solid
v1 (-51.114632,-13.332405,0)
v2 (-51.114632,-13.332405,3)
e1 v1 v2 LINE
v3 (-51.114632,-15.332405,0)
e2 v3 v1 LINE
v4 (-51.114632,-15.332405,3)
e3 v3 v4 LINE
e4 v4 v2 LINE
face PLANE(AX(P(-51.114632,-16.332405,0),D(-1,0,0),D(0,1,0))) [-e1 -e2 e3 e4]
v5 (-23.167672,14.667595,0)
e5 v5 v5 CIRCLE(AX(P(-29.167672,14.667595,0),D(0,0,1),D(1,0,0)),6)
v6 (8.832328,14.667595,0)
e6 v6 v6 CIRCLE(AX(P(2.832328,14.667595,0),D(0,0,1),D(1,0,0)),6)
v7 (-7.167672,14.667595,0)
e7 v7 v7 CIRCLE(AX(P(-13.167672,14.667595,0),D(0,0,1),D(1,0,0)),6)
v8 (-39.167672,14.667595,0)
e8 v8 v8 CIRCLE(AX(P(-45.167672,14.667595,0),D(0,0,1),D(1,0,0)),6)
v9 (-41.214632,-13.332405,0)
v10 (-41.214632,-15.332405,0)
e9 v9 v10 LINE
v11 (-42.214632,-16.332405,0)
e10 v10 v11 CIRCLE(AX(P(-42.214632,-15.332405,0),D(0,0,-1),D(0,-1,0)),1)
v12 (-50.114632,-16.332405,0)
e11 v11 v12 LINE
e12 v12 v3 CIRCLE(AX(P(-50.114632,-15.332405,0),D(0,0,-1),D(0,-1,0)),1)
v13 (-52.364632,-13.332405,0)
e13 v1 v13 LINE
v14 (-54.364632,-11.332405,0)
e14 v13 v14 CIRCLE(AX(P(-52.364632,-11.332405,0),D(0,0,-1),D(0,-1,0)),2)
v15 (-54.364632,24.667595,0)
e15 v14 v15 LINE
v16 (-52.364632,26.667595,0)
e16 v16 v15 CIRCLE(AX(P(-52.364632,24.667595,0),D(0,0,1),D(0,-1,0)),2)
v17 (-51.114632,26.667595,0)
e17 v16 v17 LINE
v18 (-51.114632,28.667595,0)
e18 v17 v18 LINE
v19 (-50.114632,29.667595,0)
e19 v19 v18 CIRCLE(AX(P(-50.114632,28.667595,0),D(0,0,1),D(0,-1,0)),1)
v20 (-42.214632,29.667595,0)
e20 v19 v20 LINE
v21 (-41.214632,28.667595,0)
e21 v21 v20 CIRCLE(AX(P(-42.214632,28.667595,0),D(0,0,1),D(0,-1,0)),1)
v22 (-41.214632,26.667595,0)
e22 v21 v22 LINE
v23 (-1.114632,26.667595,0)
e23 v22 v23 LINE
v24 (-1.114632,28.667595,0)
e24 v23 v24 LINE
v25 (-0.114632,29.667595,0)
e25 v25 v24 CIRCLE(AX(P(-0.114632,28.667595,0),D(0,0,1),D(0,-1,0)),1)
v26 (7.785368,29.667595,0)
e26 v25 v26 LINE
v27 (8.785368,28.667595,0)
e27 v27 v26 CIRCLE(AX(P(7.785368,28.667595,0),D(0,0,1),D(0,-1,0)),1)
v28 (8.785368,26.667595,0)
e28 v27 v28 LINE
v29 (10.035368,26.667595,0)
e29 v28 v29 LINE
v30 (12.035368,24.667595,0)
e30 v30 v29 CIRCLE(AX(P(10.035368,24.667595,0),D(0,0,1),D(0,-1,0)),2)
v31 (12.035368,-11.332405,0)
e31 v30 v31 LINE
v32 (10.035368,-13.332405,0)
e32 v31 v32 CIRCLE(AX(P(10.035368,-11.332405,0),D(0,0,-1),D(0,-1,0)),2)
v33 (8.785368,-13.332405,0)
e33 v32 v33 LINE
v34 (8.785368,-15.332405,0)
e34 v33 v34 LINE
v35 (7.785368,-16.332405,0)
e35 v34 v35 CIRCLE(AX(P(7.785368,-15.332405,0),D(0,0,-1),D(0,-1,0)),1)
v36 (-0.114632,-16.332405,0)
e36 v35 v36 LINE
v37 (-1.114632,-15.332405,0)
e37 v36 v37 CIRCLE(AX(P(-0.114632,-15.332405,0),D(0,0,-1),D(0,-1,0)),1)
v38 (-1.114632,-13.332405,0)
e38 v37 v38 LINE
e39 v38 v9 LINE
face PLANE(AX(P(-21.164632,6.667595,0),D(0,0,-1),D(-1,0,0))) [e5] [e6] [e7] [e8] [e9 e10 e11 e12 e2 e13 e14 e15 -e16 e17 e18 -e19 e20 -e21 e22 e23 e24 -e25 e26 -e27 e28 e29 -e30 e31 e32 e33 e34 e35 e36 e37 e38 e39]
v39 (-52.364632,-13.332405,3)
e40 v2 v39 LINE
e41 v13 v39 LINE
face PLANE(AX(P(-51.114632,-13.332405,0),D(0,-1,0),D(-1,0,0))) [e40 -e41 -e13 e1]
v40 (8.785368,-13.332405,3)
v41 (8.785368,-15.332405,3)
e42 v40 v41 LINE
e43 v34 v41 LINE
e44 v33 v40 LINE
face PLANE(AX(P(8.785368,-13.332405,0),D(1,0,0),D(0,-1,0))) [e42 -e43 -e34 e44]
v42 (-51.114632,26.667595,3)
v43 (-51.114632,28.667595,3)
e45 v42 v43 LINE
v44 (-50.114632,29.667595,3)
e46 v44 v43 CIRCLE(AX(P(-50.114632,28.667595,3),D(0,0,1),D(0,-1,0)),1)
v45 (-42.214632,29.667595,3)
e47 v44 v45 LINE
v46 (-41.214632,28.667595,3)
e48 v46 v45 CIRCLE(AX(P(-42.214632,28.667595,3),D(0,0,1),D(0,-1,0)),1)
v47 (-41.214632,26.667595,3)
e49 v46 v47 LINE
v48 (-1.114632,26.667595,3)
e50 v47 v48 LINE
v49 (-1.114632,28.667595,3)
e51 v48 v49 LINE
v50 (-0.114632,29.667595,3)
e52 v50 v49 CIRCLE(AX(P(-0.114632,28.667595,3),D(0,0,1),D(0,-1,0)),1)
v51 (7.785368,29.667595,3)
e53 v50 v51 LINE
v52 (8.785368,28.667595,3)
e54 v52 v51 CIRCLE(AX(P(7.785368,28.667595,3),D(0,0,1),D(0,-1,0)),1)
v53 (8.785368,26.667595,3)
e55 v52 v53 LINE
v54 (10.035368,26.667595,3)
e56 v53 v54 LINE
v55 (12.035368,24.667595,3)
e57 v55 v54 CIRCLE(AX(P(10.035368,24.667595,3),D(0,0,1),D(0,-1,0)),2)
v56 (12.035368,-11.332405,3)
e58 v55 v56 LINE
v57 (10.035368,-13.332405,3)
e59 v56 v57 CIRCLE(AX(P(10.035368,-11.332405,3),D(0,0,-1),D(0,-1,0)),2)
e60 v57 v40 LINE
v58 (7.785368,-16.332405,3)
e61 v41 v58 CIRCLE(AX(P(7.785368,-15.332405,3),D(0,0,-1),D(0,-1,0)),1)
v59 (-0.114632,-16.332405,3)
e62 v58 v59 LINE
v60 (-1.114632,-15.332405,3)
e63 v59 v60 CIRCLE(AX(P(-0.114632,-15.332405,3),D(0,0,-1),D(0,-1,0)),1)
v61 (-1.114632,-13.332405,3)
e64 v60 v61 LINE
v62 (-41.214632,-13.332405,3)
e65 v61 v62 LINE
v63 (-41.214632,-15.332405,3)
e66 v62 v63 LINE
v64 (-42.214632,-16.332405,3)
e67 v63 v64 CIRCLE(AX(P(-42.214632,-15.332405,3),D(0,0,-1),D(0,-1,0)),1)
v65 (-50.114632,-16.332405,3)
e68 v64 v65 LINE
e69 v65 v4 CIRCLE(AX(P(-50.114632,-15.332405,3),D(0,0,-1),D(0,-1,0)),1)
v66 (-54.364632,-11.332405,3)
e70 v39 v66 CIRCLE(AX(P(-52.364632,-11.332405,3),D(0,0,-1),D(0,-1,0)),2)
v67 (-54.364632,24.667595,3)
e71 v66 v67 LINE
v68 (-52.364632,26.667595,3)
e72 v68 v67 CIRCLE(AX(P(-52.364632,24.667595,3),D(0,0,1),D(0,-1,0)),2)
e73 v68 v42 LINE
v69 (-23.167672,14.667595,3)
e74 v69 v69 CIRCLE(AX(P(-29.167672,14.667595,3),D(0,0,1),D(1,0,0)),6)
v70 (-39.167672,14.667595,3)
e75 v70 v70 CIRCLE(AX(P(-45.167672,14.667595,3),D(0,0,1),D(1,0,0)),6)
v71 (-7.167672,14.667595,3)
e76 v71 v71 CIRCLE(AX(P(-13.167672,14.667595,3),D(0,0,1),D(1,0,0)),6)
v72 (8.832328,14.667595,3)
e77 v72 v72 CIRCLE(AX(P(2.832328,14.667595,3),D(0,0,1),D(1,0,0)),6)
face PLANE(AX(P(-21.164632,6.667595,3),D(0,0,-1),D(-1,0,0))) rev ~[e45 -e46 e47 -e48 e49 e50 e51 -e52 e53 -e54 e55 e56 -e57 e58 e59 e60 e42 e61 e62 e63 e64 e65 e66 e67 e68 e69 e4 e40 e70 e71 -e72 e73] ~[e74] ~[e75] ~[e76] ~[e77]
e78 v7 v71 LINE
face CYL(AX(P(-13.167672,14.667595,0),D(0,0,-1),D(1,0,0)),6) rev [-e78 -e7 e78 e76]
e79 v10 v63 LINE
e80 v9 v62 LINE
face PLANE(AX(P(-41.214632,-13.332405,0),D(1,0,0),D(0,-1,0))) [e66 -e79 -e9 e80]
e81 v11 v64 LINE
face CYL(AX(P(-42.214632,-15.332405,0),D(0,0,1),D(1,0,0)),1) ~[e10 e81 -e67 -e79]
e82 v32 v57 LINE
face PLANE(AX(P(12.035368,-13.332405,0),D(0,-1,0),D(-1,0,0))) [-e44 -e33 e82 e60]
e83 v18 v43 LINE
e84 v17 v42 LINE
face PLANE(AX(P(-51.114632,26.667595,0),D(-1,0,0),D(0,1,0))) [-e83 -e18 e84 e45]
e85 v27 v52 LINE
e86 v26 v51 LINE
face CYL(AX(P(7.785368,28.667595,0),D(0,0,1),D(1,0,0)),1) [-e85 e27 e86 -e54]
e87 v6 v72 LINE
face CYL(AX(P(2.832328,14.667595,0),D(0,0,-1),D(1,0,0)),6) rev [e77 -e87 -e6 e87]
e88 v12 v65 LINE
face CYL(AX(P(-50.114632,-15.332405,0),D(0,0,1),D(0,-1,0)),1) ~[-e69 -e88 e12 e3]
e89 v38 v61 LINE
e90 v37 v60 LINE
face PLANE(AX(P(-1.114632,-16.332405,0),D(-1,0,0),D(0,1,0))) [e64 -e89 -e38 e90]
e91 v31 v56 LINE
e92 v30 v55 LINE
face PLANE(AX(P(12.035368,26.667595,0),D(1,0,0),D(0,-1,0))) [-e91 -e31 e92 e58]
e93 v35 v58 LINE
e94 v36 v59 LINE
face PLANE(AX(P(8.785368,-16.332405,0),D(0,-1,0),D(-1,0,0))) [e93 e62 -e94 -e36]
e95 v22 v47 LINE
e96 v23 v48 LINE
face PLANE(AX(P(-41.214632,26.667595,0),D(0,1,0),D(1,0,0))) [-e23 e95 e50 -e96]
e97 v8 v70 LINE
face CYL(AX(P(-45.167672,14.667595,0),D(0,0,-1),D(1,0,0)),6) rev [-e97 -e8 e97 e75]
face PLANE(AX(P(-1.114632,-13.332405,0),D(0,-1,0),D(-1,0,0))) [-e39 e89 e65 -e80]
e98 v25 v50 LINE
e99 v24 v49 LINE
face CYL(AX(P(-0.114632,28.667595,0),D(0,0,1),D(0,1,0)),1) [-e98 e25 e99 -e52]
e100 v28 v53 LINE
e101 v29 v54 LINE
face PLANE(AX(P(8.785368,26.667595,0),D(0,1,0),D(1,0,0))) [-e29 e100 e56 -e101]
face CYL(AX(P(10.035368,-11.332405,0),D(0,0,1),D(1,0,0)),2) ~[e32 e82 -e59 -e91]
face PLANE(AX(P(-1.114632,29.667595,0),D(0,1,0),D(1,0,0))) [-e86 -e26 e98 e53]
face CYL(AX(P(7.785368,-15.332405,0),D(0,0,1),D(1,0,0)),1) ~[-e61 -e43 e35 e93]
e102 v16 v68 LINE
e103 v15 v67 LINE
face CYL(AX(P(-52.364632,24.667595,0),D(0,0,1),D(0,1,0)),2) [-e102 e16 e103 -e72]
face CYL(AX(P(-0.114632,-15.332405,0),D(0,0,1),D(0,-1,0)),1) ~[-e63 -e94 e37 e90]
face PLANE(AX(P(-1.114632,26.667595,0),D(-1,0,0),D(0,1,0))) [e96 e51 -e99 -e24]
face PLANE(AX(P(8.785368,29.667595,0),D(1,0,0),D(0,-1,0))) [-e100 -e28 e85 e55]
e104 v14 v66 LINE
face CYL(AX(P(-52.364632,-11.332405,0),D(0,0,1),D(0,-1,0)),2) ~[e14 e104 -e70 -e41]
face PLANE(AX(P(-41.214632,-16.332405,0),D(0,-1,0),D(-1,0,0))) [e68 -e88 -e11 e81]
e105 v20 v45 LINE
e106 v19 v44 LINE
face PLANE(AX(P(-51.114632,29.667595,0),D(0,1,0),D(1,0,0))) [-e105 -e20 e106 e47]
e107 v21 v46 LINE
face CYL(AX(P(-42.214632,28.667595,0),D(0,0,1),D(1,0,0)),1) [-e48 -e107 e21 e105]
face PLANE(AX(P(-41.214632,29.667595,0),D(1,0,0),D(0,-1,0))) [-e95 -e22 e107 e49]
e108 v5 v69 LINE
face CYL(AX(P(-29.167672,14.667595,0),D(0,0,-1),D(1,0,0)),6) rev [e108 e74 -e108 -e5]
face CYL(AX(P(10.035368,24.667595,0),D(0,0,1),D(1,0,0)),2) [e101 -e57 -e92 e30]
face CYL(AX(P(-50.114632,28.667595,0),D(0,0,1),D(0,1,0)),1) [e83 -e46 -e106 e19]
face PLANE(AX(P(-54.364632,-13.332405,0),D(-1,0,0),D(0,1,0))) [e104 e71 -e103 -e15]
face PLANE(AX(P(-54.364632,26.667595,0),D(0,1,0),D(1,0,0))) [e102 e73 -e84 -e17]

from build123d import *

# Parameters (mm, degrees)
SKETCH_R    = 6
PAD_DEPTH   = 3
FILLET_R    = 2
FILLET001_R = 1


with BuildPart() as part:
    # Sketch → Pad (new body)
    with BuildSketch(Plane.XY):
        Polygon((12.035368, 26.667595), (12.035368, -13.332405), (8.785368, -13.332405), (8.785368, -16.332405), (-1.114632, -16.332405), (-1.114632, -13.332405), (-41.214632, -13.332405), (-41.214632, -16.332405), (-51.114632, -16.332405), (-51.114632, -13.332405), (-54.364632, -13.332405), (-54.364632, 26.667595), (-51.114632, 26.667595), (-51.114632, 29.667595), (-41.214632, 29.667595), (-41.214632, 26.667595), (-1.114632, 26.667595), (-1.114632, 29.667595), (8.785368, 29.667595), (8.785368, 26.667595), align=None)
        with Locations((-45.167672, 14.667595)):
            Circle(SKETCH_R, mode=Mode.SUBTRACT)
        with Locations((-29.167672, 14.667595)):
            Circle(SKETCH_R, mode=Mode.SUBTRACT)
        with Locations((-13.167672, 14.667595)):
            Circle(SKETCH_R, mode=Mode.SUBTRACT)
        with Locations((2.832328, 14.667595)):
            Circle(SKETCH_R, mode=Mode.SUBTRACT)
    extrude(amount=PAD_DEPTH)

    # Fillet
    fillet_edges = [part.edges().sort_by_distance(p)[0] for p in [
        (-54.364632, 26.667595, 1.5),
        (-54.364632, -13.332405, 1.5),
        (12.035368, -13.332405, 1.5),
        (12.035368, 26.667595, 1.5),
    ]]
    fillet(fillet_edges, radius=FILLET_R)

    # Fillet001
    fillet001_edges = [part.edges().sort_by_distance(p)[0] for p in [
        (8.785368, 29.667595, 1.5),
        (-1.114632, 29.667595, 1.5),
        (-41.214632, 29.667595, 1.5),
        (-51.114632, 29.667595, 1.5),
        (-51.114632, -16.332405, 1.5),
        (-41.214632, -16.332405, 1.5),
        (-1.114632, -16.332405, 1.5),
        (8.785368, -16.332405, 1.5),
    ]]
    fillet(fillet001_edges, radius=FILLET001_R)


solid = part.part
